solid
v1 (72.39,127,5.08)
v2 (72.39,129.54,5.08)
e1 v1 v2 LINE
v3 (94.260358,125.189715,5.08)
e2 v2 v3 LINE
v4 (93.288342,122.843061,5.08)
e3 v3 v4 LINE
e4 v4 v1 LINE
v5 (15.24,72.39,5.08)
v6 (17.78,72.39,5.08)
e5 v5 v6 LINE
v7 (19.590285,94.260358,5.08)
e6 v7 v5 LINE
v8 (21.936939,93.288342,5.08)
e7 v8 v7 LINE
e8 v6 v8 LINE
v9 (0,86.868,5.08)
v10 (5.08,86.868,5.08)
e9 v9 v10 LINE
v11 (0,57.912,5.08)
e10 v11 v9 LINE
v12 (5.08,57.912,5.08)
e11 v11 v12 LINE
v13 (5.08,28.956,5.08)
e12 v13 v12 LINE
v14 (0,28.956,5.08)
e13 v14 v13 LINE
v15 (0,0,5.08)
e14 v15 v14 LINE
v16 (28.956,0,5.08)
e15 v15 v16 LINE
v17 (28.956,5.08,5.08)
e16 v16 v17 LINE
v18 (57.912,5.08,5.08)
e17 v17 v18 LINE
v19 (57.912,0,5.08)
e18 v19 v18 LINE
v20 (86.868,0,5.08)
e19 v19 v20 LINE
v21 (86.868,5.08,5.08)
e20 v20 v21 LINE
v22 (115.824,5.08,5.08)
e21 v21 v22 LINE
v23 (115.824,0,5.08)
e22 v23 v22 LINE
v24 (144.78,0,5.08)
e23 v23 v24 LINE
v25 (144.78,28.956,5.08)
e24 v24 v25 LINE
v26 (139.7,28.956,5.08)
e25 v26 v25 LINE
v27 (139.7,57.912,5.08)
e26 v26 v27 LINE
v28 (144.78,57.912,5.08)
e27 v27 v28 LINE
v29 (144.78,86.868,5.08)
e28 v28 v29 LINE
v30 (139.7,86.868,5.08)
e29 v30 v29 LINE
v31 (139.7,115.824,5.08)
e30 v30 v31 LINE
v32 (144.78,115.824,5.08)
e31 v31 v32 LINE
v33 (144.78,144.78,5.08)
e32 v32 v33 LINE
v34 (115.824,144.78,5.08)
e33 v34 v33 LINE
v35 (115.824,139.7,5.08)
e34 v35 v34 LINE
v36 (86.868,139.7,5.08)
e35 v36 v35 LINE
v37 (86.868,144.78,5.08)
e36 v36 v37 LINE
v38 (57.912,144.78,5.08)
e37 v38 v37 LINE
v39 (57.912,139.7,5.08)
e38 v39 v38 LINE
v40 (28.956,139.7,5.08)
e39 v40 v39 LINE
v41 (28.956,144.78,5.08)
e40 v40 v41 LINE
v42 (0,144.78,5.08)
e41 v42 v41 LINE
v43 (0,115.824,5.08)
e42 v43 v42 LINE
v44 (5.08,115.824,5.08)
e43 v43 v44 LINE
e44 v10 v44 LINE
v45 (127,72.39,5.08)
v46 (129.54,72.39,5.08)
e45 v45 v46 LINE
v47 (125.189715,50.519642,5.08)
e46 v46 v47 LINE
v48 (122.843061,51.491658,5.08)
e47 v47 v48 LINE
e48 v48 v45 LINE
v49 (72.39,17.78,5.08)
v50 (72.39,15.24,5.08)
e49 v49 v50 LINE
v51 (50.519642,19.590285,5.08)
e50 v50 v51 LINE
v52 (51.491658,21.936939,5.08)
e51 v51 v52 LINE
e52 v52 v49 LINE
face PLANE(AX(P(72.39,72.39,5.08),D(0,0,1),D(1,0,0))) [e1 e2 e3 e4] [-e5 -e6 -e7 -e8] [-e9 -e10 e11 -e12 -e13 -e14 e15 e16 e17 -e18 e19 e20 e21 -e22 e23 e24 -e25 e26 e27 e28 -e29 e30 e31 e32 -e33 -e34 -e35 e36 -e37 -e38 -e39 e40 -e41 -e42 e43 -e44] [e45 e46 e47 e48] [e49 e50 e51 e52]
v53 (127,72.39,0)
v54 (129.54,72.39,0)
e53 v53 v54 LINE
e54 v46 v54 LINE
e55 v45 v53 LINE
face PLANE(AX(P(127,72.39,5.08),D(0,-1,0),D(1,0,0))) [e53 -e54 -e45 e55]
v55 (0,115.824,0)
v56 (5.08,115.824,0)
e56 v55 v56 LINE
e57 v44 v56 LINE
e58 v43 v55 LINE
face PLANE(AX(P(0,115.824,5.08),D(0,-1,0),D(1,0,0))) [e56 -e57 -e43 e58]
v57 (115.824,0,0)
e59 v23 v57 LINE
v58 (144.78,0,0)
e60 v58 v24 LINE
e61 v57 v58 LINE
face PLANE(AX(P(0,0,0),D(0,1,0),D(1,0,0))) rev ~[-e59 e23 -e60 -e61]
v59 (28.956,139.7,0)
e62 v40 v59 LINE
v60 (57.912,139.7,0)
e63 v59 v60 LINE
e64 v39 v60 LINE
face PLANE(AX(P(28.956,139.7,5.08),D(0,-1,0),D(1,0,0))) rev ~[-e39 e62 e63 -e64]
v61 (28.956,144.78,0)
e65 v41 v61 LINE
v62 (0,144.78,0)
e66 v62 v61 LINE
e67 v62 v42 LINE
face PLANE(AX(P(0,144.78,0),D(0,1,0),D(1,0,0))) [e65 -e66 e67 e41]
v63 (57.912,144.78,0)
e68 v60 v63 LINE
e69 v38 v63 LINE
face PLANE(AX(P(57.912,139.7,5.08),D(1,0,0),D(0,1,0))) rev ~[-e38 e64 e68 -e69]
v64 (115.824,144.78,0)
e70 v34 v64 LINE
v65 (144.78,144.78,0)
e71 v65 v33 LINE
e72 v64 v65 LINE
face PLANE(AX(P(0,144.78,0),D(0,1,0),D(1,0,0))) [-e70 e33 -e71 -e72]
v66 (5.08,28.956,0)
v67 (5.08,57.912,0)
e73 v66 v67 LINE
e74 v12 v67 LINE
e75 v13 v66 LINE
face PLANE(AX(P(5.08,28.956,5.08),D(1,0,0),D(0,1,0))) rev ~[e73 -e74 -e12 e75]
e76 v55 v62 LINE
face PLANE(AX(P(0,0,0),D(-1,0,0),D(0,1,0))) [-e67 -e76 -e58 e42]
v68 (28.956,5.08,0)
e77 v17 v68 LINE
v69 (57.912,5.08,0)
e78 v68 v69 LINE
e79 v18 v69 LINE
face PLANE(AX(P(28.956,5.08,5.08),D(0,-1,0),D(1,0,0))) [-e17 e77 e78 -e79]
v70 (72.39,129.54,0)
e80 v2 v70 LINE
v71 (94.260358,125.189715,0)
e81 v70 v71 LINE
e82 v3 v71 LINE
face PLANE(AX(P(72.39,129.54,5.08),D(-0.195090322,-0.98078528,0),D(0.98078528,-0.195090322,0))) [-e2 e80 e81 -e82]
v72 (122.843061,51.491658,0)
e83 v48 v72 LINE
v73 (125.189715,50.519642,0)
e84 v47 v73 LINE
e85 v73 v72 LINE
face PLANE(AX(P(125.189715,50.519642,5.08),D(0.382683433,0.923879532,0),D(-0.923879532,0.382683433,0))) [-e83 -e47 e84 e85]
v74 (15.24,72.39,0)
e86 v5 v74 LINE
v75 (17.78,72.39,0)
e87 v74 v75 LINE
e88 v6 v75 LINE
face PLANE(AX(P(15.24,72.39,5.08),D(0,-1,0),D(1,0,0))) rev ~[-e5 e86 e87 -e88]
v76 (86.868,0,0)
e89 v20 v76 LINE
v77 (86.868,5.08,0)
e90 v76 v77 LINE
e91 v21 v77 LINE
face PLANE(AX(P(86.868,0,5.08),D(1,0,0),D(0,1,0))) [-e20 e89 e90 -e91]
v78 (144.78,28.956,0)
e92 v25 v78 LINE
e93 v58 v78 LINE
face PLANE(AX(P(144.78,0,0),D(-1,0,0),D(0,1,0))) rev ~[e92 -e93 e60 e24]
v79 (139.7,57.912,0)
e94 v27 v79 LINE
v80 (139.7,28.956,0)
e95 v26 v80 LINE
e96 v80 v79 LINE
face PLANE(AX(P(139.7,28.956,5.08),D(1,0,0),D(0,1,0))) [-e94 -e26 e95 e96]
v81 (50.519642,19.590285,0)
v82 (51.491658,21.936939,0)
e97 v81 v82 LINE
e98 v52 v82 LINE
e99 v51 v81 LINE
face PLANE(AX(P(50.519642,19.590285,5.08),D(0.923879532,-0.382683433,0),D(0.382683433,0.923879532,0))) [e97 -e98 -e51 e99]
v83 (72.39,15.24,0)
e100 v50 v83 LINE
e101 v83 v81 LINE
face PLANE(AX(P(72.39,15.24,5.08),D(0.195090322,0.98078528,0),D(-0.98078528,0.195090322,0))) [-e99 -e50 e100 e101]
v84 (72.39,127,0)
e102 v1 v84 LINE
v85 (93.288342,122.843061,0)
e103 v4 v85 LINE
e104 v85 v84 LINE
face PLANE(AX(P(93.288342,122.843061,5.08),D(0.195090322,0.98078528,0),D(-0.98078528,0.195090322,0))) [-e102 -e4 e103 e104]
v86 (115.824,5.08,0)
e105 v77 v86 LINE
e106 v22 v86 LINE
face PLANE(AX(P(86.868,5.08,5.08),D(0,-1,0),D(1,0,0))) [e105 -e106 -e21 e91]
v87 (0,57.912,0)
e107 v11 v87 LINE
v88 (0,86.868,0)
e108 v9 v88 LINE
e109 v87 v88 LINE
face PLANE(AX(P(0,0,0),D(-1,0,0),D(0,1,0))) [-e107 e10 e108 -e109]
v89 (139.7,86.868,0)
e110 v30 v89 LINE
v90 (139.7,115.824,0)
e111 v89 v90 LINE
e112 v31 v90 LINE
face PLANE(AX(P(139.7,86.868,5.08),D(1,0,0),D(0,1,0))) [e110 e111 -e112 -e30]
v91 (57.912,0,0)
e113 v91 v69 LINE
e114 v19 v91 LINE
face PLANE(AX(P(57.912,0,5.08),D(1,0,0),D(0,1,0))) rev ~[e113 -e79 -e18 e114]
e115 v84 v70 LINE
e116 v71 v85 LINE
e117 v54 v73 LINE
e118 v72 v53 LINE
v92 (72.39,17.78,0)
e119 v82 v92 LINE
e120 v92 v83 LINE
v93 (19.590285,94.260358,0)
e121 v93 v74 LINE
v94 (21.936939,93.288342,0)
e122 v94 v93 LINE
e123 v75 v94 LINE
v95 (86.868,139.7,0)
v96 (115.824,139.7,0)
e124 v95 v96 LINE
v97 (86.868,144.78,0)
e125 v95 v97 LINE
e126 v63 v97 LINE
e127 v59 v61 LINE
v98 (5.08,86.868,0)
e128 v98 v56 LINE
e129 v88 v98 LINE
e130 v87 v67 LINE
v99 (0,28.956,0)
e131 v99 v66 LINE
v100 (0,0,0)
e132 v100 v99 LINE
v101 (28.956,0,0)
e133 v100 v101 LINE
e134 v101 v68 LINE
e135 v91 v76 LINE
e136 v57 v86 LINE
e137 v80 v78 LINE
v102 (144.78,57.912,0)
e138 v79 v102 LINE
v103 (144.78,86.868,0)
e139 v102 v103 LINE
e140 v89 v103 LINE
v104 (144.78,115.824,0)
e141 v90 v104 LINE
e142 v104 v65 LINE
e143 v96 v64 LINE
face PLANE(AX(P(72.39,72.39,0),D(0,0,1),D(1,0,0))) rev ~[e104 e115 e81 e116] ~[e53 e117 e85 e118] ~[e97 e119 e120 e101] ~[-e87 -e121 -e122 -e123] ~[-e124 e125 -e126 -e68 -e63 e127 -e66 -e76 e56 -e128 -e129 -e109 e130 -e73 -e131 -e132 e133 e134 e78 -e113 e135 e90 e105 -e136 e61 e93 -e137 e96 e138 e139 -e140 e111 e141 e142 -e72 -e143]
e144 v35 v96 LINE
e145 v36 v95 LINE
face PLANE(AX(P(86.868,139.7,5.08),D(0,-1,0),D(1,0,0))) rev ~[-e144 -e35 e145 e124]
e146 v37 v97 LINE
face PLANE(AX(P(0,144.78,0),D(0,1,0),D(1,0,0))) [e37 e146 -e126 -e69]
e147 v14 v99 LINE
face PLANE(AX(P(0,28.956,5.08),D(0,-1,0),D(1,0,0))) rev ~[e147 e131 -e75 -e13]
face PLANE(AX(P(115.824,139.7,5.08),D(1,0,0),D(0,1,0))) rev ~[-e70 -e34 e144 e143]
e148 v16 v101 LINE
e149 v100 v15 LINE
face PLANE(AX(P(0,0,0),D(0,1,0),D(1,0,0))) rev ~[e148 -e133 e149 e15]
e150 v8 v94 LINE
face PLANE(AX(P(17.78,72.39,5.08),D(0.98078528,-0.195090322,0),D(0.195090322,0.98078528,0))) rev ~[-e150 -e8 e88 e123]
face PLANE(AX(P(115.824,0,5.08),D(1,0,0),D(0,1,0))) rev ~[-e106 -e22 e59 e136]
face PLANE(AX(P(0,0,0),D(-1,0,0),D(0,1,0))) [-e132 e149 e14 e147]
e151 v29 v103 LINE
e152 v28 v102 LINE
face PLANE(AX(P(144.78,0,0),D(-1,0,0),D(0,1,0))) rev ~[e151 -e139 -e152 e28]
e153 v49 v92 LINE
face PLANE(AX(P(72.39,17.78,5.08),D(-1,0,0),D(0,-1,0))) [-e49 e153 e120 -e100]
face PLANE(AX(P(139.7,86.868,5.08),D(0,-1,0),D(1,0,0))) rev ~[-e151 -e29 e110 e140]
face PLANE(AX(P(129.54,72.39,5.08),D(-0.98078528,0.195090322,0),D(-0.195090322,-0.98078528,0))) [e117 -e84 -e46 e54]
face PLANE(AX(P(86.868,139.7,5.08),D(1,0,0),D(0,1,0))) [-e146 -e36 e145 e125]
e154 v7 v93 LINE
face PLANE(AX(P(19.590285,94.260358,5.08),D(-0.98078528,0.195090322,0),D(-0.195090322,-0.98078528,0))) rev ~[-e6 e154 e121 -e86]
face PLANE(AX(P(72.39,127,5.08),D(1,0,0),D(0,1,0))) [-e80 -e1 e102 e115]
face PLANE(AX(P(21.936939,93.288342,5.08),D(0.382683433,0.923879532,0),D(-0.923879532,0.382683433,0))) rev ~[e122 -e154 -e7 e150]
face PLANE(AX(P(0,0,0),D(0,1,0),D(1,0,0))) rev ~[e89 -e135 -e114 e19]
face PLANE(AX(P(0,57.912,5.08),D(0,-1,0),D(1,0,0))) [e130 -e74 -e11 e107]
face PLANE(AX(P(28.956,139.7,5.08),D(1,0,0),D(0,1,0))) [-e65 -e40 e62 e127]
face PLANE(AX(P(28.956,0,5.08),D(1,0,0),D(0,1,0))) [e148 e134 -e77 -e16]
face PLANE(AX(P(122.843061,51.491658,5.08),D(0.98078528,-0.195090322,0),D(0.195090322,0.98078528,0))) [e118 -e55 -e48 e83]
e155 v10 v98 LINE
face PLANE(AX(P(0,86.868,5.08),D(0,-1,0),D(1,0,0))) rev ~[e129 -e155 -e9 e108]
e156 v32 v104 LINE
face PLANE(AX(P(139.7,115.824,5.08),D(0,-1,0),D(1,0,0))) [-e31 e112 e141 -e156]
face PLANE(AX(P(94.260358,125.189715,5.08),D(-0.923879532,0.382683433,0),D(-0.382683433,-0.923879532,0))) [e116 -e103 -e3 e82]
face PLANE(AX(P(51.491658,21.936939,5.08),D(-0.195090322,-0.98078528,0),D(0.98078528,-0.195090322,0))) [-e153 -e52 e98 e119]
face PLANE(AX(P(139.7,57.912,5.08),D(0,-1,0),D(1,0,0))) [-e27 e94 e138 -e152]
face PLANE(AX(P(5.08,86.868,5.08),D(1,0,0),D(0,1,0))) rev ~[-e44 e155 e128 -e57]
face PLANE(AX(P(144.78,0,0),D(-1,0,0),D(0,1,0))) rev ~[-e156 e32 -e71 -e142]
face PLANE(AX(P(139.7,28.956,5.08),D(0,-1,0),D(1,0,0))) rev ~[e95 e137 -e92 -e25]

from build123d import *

# Parameters (mm, degrees)
SKETCH1_W           = 144.78
SKETCH1_H           = 144.78
BOSS_EXTRUDE1_DEPTH = 5.08
SKETCH3_W           = 5.08
SKETCH3_H           = 28.956
SKETCH3_W_2         = 28.956
SKETCH3_H_2         = 5.08
CUT_EXTRUDE1_DEPTH  = 205.812849206
CUT_EXTRUDE3_DEPTH  = 205.812849206


with BuildPart() as part:
    # Sketch1 → Boss-Extrude1 (new body)
    with BuildSketch(Plane.XY):
        with Locations((72.39, 72.39)):
            Rectangle(SKETCH1_W, SKETCH1_H)
    extrude(amount=BOSS_EXTRUDE1_DEPTH)

    # Sketch3 → Cut-Extrude1 (cut, through all)
    with BuildSketch(Plane.XY.offset(5.08)):
        with Locations((2.54, 101.346)):
            Rectangle(SKETCH3_W, SKETCH3_H)
        with Locations((2.54, 43.434)):
            Rectangle(SKETCH3_W, SKETCH3_H)
        with Locations((142.24, 101.346)):
            Rectangle(SKETCH3_W, SKETCH3_H)
        with Locations((142.24, 43.434)):
            Rectangle(SKETCH3_W, SKETCH3_H)
        with Locations((43.434, 142.24)):
            Rectangle(SKETCH3_W_2, SKETCH3_H_2)
        with Locations((101.346, 142.24)):
            Rectangle(SKETCH3_W_2, SKETCH3_H_2)
        with Locations((43.434, 2.54)):
            Rectangle(SKETCH3_W_2, SKETCH3_H_2)
        with Locations((101.346, 2.54)):
            Rectangle(SKETCH3_W_2, SKETCH3_H_2)
    extrude(amount=-CUT_EXTRUDE1_DEPTH, mode=Mode.SUBTRACT)

    # Sketch7 → Cut-Extrude3 (cut, through all)
    with BuildSketch(Plane.XY.offset(5.08)):
        Polygon((72.39, 129.54), (94.26035816, 125.189715283), (93.288342241, 122.84306127), (72.39, 127), align=None)
        Polygon((129.54, 72.39), (125.189715283, 50.51964184), (122.84306127, 51.491657759), (127, 72.39), align=None)
        Polygon((72.39, 15.24), (50.51964184, 19.590284717), (51.491657759, 21.93693873), (72.39, 17.78), align=None)
        Polygon((17.78, 72.39), (21.93693873, 93.288342241), (19.590284717, 94.26035816), (15.24, 72.39), align=None)
    extrude(amount=-CUT_EXTRUDE3_DEPTH, mode=Mode.SUBTRACT)


solid = part.part
